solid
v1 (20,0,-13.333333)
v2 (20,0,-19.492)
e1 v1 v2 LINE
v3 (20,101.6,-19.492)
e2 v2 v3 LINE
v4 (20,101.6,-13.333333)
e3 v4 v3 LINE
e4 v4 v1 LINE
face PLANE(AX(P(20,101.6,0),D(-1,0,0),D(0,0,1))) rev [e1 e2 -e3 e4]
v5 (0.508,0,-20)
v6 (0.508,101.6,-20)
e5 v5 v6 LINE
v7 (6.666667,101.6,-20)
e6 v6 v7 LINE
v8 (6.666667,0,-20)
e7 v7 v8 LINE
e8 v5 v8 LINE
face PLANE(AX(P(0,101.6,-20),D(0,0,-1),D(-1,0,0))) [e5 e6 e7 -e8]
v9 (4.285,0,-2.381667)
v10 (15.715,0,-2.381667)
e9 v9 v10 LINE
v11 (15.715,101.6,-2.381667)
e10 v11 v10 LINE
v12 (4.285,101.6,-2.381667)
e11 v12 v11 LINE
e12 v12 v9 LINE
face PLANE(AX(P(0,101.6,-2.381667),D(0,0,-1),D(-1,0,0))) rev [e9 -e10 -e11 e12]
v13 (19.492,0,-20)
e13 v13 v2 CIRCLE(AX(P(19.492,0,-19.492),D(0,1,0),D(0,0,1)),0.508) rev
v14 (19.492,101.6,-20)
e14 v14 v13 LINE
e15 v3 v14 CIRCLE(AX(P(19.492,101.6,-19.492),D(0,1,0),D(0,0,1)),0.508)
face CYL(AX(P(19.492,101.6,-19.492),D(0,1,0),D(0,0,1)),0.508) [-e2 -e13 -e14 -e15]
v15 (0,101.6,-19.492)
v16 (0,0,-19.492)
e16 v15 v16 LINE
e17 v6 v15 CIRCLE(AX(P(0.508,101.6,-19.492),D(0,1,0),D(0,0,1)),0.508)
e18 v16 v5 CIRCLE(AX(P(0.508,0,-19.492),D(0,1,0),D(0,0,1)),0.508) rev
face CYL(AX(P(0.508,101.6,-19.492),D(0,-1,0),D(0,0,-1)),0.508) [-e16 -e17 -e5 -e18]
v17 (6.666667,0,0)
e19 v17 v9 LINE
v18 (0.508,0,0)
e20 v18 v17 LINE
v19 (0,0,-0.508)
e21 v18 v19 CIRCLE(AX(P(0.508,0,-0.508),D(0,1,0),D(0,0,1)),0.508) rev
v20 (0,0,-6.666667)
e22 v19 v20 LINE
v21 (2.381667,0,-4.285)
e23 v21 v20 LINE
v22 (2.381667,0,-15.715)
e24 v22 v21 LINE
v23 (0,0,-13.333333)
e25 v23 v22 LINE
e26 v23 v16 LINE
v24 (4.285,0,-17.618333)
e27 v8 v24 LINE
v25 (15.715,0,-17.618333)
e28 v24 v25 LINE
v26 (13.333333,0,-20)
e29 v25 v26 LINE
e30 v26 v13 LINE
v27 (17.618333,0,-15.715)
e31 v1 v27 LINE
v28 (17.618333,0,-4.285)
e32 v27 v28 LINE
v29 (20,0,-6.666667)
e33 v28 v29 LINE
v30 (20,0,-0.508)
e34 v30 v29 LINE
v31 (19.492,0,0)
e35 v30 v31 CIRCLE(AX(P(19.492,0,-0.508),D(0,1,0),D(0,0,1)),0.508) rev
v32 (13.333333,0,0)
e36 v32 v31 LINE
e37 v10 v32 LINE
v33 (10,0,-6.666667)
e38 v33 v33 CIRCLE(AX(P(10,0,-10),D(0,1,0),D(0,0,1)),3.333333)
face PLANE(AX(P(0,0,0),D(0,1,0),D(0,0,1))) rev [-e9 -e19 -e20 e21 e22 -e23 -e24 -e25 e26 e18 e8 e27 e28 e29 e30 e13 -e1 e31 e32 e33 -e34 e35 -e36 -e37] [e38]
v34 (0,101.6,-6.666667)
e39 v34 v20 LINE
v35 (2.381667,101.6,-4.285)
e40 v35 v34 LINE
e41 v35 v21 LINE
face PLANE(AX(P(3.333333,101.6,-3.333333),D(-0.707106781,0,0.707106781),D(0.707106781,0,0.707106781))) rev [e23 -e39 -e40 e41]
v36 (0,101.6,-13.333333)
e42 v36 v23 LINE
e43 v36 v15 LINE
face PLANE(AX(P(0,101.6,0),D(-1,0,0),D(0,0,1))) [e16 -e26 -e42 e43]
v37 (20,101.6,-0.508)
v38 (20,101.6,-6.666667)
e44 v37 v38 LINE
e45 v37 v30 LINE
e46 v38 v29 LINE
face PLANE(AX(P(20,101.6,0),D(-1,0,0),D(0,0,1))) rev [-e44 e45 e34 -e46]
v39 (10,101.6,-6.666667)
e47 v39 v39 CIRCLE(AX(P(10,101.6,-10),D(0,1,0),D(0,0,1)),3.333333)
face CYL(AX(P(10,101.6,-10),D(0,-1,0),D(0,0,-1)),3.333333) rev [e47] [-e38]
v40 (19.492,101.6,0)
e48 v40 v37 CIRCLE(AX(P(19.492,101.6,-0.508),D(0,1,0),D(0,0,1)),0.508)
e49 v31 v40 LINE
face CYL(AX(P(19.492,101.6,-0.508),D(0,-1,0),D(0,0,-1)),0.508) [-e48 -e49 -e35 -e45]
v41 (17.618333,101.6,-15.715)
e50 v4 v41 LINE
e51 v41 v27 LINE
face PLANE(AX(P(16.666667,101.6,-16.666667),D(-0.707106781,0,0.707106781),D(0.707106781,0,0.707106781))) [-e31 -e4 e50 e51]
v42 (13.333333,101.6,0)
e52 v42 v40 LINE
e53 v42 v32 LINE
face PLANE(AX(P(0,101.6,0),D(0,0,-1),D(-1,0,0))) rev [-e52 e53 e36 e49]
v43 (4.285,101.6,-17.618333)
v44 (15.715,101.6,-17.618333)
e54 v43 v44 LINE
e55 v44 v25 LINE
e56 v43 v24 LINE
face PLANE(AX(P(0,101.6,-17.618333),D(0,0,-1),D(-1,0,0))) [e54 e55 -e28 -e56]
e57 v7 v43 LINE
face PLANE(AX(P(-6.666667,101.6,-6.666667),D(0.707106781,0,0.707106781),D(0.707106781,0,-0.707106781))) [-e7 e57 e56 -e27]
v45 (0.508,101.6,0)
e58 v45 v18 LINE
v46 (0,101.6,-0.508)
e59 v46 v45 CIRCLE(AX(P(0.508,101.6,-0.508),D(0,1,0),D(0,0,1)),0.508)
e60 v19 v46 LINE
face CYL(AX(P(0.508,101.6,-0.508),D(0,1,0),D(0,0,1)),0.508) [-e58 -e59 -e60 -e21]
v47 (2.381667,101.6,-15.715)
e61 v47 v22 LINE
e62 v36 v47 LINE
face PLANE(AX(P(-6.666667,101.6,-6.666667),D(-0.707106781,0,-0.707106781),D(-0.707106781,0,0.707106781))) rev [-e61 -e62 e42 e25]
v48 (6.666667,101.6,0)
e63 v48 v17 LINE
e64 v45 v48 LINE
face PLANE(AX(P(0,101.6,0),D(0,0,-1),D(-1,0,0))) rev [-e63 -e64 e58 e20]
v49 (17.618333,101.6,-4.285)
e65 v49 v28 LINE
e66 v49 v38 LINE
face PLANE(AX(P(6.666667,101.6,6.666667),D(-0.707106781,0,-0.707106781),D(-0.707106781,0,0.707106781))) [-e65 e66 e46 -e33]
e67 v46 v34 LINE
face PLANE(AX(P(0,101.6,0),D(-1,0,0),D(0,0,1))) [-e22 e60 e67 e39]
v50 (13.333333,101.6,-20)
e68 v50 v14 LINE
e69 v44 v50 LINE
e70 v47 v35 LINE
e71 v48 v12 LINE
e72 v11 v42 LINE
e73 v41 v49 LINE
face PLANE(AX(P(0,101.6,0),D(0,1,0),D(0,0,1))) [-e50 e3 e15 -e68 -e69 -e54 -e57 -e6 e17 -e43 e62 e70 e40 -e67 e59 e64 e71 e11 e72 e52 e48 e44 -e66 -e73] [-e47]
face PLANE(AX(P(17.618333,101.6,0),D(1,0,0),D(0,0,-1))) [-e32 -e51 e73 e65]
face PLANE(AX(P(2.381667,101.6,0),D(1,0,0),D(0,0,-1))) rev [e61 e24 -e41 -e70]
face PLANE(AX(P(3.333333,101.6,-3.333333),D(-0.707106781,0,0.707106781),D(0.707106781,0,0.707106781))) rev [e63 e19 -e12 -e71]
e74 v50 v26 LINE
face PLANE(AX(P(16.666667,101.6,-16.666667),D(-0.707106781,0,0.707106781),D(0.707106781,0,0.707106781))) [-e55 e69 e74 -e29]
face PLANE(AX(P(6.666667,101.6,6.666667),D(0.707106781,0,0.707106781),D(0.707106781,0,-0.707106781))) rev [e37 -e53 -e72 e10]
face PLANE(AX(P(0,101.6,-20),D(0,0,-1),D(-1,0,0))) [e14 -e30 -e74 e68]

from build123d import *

# Parameters (mm, degrees)
SKETCH1_R           = 3.333333333
BOSS_EXTRUDE1_DEPTH = 101.6
FILLET4_R           = 0.508


with BuildPart() as part:
    # Sketch1 → Boss-Extrude1 (new body)
    with BuildSketch(Plane(origin=(0, 0, 0), x_dir=(1, 0, 0), z_dir=(0, 1, 0))):
        Polygon((4.285, 17.618333333), (6.666666667, 20), (0, 20), (0, 13.333333333), (2.381666667, 15.715), (2.381666667, 4.285), (0, 6.666666667), (0, 0), (6.666666667, 0), (4.285, 2.381666667), (15.715, 2.381666667), (13.333333333, 0), (20, 0), (20, 6.666666667), (17.618333333, 4.285), (17.618333333, 15.715), (20, 13.333333333), (20, 20), (13.333333333, 20), (15.715, 17.618333333), align=None)
        with Locations((10, 10)):
            Circle(SKETCH1_R, mode=Mode.SUBTRACT)
    extrude(amount=BOSS_EXTRUDE1_DEPTH)

    # Fillet4
    fillet4_edges = [part.edges().sort_by_distance(p)[0] for p in [
        (20, 50.8, 0),
        (0, 50.8, 0),
        (0, 50.8, -20),
        (20, 50.8, -20),
    ]]
    fillet(fillet4_edges, radius=FILLET4_R)


solid = part.part
